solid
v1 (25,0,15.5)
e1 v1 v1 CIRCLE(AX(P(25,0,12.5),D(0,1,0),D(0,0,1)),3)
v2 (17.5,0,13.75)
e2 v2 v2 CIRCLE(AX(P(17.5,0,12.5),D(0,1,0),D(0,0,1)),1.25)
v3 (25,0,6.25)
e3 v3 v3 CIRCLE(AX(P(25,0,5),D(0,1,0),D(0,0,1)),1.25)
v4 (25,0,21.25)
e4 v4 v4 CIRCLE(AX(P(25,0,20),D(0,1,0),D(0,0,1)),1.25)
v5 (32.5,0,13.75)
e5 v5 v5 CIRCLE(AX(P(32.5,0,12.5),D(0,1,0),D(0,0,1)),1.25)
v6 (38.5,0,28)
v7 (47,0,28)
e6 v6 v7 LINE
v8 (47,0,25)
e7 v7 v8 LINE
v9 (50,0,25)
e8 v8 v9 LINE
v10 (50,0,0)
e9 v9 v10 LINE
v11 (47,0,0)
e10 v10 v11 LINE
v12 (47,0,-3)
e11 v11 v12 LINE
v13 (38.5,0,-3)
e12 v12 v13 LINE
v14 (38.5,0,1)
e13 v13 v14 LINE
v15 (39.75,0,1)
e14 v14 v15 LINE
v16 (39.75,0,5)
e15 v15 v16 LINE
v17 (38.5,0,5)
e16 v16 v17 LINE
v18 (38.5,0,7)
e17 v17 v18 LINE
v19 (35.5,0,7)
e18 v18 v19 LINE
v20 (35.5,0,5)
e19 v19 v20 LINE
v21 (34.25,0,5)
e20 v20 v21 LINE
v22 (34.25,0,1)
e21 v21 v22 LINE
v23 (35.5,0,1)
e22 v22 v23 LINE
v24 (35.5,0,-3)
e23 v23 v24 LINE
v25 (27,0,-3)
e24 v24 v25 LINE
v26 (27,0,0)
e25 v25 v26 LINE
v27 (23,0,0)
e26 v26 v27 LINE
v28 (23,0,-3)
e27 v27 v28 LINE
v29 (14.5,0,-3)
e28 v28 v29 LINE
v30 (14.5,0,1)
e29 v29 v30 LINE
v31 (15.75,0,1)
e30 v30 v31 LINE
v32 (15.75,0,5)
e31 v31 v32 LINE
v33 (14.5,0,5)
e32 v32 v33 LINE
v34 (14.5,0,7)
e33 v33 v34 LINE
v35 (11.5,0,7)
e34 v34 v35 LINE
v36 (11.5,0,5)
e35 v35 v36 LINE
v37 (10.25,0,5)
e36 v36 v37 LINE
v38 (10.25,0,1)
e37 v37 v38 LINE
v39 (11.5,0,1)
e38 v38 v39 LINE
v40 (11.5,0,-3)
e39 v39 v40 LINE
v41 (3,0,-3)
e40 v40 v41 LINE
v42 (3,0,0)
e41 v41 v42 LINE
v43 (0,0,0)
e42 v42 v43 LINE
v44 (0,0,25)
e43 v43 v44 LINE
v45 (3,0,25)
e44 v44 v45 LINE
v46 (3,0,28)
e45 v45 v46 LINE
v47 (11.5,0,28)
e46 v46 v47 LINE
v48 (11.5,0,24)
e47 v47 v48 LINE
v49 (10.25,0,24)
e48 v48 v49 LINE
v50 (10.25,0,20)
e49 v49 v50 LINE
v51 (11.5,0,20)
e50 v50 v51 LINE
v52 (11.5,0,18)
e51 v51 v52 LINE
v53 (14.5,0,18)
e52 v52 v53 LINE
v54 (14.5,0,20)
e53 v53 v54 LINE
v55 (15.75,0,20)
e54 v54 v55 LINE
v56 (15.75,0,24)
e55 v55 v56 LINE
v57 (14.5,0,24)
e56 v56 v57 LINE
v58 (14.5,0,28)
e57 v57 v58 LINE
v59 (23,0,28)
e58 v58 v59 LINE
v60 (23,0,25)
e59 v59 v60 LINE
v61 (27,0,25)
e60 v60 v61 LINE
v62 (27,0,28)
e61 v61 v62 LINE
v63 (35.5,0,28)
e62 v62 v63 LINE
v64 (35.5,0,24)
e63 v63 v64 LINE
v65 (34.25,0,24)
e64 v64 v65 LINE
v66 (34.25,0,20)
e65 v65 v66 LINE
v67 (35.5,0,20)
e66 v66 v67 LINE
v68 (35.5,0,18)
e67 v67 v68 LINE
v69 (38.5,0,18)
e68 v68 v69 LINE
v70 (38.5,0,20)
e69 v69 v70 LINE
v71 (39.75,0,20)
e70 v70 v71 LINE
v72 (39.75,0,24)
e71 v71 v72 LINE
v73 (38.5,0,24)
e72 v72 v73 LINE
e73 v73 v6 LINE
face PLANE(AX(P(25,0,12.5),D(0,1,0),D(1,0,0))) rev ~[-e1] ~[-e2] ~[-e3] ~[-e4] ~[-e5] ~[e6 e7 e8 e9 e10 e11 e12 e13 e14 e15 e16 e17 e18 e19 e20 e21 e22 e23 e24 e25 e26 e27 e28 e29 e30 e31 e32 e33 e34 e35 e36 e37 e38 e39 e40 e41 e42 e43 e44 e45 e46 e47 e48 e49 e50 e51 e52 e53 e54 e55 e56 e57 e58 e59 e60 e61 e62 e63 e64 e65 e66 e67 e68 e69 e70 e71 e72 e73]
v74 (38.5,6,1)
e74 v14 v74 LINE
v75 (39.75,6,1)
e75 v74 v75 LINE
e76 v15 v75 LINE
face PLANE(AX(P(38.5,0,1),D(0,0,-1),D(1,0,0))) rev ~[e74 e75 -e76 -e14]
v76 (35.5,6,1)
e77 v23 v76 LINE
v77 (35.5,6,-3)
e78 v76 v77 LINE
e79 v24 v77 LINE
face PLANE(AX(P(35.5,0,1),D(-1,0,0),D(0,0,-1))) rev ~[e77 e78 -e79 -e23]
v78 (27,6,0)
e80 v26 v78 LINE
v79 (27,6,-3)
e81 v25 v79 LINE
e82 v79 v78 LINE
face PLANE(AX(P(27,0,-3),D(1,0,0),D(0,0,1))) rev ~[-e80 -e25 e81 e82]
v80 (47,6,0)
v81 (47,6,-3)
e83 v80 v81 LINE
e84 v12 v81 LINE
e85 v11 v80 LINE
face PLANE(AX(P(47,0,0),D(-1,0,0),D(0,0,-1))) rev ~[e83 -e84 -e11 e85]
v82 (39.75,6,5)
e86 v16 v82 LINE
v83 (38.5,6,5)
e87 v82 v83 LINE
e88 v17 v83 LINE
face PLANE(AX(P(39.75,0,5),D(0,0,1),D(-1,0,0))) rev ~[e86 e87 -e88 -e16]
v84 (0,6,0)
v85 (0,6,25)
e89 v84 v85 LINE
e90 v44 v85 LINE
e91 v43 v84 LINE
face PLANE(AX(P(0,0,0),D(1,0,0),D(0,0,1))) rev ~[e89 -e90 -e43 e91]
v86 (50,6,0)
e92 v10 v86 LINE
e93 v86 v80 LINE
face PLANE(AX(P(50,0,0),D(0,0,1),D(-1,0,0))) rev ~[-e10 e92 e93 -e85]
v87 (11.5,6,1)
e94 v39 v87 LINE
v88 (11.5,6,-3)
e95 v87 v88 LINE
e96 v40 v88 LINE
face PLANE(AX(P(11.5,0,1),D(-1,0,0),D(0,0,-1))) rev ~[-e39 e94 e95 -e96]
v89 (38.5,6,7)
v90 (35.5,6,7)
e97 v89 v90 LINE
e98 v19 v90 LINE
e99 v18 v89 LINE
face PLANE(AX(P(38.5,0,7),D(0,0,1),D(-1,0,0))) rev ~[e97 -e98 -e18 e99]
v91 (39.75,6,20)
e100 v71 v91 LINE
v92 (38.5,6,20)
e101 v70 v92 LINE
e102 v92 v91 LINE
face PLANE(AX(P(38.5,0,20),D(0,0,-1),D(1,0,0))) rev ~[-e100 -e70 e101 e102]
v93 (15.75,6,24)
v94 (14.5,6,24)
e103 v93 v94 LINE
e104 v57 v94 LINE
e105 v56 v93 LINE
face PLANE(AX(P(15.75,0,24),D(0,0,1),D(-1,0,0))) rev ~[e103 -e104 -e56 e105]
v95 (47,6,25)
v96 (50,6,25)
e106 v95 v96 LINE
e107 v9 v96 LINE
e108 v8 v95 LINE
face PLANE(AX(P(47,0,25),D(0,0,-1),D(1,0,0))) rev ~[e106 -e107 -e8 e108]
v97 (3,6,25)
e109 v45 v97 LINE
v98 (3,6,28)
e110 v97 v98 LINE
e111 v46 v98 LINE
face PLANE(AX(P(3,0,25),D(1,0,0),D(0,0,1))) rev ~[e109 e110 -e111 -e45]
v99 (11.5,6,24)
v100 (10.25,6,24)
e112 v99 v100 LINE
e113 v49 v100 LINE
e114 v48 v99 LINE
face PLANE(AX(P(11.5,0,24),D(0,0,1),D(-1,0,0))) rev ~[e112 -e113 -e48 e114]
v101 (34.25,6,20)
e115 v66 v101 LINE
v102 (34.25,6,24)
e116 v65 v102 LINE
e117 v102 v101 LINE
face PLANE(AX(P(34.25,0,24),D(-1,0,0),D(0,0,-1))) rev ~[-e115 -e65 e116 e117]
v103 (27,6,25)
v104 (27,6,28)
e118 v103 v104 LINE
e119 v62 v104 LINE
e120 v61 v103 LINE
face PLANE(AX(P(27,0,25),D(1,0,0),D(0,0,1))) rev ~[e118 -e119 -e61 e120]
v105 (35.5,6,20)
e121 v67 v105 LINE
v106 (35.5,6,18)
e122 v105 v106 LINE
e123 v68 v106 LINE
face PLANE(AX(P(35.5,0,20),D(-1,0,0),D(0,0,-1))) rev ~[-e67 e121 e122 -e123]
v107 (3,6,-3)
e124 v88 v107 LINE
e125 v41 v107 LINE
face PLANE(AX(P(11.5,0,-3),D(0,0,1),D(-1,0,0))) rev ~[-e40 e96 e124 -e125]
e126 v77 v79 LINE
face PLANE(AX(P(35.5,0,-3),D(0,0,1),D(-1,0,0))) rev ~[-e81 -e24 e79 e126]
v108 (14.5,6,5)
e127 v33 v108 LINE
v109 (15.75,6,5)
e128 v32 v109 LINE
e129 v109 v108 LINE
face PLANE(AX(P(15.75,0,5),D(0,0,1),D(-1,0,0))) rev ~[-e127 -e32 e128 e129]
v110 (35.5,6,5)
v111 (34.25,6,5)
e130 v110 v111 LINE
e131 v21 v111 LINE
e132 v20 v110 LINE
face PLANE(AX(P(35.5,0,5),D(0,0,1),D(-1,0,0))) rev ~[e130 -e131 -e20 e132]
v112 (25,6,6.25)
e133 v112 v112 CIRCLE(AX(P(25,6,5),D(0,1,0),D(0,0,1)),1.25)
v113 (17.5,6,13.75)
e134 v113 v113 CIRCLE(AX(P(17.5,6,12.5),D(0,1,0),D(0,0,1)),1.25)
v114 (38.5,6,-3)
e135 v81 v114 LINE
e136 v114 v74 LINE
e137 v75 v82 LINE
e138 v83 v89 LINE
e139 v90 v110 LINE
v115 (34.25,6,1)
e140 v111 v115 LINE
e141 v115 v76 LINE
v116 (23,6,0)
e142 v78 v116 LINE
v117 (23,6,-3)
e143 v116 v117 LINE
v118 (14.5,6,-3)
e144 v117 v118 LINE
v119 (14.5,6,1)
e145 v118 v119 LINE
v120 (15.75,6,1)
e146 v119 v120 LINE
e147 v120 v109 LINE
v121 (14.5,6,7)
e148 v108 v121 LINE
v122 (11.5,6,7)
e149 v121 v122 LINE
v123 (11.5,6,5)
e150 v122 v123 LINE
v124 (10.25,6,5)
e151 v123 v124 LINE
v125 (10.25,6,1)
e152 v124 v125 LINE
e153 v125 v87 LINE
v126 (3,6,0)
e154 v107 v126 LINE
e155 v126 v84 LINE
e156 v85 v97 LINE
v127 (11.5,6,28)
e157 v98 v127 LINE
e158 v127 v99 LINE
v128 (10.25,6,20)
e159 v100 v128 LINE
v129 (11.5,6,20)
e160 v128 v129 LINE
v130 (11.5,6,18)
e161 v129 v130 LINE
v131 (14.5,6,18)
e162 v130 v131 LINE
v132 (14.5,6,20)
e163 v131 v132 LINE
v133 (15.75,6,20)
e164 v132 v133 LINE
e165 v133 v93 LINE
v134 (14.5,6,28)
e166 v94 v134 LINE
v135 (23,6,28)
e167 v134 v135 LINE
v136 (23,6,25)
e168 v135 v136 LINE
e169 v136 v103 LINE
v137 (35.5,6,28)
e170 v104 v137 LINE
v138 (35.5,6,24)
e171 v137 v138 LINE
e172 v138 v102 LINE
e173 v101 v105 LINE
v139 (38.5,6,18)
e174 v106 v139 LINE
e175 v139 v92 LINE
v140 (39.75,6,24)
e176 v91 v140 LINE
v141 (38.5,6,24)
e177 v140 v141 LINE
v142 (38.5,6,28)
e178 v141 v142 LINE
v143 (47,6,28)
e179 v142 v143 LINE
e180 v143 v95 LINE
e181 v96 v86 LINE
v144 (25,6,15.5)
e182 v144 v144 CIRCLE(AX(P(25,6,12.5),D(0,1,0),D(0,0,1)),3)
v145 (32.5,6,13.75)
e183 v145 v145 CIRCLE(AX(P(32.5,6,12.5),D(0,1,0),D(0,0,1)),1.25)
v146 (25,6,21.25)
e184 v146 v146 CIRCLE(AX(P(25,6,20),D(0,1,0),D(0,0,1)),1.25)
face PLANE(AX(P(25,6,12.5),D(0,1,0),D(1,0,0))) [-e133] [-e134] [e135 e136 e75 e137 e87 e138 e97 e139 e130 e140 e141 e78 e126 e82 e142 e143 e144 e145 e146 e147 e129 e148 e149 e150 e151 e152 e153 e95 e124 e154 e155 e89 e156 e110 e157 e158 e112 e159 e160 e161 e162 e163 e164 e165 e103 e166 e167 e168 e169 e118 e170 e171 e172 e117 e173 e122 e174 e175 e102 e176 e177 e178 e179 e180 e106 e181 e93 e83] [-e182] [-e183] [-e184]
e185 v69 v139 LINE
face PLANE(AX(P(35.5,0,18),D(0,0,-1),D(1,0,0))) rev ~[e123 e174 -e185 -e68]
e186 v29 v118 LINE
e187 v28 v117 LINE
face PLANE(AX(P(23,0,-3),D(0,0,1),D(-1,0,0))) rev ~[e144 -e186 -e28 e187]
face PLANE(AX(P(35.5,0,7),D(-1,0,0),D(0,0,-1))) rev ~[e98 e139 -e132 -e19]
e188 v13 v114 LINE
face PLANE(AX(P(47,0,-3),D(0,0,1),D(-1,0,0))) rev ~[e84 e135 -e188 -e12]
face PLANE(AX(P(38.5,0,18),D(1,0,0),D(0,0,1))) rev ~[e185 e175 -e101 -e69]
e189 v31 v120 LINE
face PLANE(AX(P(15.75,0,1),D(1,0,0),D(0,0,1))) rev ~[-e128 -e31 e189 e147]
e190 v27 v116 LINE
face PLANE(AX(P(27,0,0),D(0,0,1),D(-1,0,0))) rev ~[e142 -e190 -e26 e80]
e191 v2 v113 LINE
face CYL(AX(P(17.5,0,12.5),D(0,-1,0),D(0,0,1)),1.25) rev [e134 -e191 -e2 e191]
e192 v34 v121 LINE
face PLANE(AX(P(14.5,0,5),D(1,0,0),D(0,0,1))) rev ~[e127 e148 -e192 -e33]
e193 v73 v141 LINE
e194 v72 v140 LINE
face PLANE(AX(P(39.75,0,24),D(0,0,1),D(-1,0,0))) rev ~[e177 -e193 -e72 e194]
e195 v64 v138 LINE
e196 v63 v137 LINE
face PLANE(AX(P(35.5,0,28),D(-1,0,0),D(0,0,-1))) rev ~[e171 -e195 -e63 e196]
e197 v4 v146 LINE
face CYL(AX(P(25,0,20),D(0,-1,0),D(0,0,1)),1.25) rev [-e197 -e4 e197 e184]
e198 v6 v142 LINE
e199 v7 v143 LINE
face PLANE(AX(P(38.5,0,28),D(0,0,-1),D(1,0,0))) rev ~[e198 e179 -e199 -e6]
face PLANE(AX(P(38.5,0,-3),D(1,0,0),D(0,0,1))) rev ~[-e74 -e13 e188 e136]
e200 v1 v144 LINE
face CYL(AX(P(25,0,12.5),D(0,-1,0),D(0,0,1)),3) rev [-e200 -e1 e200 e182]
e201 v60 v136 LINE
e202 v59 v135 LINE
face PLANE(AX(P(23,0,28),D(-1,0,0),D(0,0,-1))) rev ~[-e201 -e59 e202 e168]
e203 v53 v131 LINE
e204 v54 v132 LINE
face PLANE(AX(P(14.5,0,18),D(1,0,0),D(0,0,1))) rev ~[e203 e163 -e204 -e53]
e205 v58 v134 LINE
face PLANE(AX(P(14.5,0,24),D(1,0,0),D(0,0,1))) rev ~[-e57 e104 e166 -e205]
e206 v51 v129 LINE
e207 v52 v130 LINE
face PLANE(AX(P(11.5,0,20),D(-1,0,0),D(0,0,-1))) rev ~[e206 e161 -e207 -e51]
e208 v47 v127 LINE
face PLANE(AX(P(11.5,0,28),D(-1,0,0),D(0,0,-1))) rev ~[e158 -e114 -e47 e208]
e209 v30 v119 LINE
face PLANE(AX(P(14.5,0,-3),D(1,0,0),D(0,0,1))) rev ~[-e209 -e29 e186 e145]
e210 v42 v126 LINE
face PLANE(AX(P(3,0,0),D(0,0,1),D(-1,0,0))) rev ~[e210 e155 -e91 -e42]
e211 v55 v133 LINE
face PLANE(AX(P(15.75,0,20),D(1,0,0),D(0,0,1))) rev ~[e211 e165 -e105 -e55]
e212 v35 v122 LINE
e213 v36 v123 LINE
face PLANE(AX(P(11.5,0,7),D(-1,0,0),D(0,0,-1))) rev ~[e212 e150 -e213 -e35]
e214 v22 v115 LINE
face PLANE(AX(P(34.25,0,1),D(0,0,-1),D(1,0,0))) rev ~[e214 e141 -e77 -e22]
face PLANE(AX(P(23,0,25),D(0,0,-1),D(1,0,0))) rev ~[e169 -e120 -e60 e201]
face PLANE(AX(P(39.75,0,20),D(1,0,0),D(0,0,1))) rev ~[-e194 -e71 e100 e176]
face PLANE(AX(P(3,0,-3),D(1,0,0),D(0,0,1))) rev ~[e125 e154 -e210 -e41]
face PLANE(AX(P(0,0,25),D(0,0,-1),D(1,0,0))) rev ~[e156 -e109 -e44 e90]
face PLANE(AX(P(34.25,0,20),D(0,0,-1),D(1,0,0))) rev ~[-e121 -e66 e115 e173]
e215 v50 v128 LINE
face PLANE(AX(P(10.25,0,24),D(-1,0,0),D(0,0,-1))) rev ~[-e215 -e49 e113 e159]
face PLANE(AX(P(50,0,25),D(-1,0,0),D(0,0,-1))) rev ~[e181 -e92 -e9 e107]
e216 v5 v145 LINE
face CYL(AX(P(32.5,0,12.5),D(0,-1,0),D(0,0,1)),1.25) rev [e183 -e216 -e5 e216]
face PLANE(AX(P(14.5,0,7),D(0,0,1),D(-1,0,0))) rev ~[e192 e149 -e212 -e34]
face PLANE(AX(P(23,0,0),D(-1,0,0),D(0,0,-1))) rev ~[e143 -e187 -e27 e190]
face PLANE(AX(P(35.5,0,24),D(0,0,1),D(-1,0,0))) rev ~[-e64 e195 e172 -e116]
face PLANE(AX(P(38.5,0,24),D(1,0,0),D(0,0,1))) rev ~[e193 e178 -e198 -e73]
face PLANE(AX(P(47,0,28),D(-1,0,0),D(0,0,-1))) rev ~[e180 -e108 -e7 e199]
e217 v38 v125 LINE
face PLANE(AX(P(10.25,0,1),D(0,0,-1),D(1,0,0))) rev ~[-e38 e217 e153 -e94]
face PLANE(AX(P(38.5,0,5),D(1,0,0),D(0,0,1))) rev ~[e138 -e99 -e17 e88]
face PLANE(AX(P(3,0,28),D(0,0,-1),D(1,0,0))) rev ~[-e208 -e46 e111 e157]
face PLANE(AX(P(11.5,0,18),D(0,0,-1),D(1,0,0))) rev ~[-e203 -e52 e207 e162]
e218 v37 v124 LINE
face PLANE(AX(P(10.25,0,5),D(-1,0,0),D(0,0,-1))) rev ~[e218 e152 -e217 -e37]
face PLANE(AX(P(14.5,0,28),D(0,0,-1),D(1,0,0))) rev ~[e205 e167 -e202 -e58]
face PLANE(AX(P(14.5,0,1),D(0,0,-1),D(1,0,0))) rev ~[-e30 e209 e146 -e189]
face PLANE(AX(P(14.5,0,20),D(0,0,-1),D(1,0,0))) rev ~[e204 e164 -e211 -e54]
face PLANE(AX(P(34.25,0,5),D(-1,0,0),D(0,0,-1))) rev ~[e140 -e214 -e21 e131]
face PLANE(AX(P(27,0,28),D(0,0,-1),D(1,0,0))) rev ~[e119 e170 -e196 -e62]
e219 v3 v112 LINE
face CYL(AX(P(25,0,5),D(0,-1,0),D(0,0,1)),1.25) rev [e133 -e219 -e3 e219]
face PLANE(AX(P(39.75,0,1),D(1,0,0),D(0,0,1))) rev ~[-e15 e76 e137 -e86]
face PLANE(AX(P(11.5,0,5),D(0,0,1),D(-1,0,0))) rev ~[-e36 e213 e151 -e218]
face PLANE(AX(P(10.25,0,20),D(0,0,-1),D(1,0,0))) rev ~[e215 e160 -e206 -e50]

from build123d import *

# Parameters (mm, degrees)
SKETCH_1_R      = 1.25
SKETCH_1_R_2    = 3
EXTRUDE_1_DEPTH = 6


with BuildPart() as part:
    # 草图1 → 凸台-拉伸1 (new body)
    with BuildSketch(Plane(origin=(0, 0, 0), x_dir=(1, 0, 0), z_dir=(0, 1, 0))):
        Polygon((35.5, -24), (34.25, -24), (34.25, -20), (35.5, -20), (35.5, -18), (38.5, -18), (38.5, -20), (39.75, -20), (39.75, -24), (38.5, -24), (38.5, -28), (47, -28), (47, -25), (50, -25), (50, 0), (47, 0), (47, 3), (38.5, 3), (38.5, -1), (39.75, -1), (39.75, -5), (38.5, -5), (38.5, -7), (35.5, -7), (35.5, -5), (34.25, -5), (34.25, -1), (35.5, -1), (35.5, 3), (27, 3), (27, 0), (23, 0), (23, 3), (14.5, 3), (14.5, -1), (15.75, -1), (15.75, -5), (14.5, -5), (14.5, -7), (11.5, -7), (11.5, -5), (10.25, -5), (10.25, -1), (11.5, -1), (11.5, 3), (3, 3), (3, 0), (0, 0), (0, -25), (3, -25), (3, -28), (11.5, -28), (11.5, -24), (10.25, -24), (10.25, -20), (11.5, -20), (11.5, -18), (14.5, -18), (14.5, -20), (15.75, -20), (15.75, -24), (14.5, -24), (14.5, -28), (23, -28), (23, -25), (27, -25), (27, -28), (35.5, -28), align=None)
        with Locations(Location((32.5, -12.5, 0), (0, 0, 270))):
            Circle(SKETCH_1_R, mode=Mode.SUBTRACT)
        with Locations(Location((25, -12.5, 0), (0, 0, 270))):
            Circle(SKETCH_1_R_2, mode=Mode.SUBTRACT)
        with Locations(Location((17.5, -12.5, 0), (0, 0, 270))):
            Circle(SKETCH_1_R, mode=Mode.SUBTRACT)
        with Locations(Location((25, -20, 0), (0, 0, 270))):
            Circle(SKETCH_1_R, mode=Mode.SUBTRACT)
        with Locations(Location((25, -5, 0), (0, 0, 270))):
            Circle(SKETCH_1_R, mode=Mode.SUBTRACT)
    extrude(amount=EXTRUDE_1_DEPTH)


solid = part.part
